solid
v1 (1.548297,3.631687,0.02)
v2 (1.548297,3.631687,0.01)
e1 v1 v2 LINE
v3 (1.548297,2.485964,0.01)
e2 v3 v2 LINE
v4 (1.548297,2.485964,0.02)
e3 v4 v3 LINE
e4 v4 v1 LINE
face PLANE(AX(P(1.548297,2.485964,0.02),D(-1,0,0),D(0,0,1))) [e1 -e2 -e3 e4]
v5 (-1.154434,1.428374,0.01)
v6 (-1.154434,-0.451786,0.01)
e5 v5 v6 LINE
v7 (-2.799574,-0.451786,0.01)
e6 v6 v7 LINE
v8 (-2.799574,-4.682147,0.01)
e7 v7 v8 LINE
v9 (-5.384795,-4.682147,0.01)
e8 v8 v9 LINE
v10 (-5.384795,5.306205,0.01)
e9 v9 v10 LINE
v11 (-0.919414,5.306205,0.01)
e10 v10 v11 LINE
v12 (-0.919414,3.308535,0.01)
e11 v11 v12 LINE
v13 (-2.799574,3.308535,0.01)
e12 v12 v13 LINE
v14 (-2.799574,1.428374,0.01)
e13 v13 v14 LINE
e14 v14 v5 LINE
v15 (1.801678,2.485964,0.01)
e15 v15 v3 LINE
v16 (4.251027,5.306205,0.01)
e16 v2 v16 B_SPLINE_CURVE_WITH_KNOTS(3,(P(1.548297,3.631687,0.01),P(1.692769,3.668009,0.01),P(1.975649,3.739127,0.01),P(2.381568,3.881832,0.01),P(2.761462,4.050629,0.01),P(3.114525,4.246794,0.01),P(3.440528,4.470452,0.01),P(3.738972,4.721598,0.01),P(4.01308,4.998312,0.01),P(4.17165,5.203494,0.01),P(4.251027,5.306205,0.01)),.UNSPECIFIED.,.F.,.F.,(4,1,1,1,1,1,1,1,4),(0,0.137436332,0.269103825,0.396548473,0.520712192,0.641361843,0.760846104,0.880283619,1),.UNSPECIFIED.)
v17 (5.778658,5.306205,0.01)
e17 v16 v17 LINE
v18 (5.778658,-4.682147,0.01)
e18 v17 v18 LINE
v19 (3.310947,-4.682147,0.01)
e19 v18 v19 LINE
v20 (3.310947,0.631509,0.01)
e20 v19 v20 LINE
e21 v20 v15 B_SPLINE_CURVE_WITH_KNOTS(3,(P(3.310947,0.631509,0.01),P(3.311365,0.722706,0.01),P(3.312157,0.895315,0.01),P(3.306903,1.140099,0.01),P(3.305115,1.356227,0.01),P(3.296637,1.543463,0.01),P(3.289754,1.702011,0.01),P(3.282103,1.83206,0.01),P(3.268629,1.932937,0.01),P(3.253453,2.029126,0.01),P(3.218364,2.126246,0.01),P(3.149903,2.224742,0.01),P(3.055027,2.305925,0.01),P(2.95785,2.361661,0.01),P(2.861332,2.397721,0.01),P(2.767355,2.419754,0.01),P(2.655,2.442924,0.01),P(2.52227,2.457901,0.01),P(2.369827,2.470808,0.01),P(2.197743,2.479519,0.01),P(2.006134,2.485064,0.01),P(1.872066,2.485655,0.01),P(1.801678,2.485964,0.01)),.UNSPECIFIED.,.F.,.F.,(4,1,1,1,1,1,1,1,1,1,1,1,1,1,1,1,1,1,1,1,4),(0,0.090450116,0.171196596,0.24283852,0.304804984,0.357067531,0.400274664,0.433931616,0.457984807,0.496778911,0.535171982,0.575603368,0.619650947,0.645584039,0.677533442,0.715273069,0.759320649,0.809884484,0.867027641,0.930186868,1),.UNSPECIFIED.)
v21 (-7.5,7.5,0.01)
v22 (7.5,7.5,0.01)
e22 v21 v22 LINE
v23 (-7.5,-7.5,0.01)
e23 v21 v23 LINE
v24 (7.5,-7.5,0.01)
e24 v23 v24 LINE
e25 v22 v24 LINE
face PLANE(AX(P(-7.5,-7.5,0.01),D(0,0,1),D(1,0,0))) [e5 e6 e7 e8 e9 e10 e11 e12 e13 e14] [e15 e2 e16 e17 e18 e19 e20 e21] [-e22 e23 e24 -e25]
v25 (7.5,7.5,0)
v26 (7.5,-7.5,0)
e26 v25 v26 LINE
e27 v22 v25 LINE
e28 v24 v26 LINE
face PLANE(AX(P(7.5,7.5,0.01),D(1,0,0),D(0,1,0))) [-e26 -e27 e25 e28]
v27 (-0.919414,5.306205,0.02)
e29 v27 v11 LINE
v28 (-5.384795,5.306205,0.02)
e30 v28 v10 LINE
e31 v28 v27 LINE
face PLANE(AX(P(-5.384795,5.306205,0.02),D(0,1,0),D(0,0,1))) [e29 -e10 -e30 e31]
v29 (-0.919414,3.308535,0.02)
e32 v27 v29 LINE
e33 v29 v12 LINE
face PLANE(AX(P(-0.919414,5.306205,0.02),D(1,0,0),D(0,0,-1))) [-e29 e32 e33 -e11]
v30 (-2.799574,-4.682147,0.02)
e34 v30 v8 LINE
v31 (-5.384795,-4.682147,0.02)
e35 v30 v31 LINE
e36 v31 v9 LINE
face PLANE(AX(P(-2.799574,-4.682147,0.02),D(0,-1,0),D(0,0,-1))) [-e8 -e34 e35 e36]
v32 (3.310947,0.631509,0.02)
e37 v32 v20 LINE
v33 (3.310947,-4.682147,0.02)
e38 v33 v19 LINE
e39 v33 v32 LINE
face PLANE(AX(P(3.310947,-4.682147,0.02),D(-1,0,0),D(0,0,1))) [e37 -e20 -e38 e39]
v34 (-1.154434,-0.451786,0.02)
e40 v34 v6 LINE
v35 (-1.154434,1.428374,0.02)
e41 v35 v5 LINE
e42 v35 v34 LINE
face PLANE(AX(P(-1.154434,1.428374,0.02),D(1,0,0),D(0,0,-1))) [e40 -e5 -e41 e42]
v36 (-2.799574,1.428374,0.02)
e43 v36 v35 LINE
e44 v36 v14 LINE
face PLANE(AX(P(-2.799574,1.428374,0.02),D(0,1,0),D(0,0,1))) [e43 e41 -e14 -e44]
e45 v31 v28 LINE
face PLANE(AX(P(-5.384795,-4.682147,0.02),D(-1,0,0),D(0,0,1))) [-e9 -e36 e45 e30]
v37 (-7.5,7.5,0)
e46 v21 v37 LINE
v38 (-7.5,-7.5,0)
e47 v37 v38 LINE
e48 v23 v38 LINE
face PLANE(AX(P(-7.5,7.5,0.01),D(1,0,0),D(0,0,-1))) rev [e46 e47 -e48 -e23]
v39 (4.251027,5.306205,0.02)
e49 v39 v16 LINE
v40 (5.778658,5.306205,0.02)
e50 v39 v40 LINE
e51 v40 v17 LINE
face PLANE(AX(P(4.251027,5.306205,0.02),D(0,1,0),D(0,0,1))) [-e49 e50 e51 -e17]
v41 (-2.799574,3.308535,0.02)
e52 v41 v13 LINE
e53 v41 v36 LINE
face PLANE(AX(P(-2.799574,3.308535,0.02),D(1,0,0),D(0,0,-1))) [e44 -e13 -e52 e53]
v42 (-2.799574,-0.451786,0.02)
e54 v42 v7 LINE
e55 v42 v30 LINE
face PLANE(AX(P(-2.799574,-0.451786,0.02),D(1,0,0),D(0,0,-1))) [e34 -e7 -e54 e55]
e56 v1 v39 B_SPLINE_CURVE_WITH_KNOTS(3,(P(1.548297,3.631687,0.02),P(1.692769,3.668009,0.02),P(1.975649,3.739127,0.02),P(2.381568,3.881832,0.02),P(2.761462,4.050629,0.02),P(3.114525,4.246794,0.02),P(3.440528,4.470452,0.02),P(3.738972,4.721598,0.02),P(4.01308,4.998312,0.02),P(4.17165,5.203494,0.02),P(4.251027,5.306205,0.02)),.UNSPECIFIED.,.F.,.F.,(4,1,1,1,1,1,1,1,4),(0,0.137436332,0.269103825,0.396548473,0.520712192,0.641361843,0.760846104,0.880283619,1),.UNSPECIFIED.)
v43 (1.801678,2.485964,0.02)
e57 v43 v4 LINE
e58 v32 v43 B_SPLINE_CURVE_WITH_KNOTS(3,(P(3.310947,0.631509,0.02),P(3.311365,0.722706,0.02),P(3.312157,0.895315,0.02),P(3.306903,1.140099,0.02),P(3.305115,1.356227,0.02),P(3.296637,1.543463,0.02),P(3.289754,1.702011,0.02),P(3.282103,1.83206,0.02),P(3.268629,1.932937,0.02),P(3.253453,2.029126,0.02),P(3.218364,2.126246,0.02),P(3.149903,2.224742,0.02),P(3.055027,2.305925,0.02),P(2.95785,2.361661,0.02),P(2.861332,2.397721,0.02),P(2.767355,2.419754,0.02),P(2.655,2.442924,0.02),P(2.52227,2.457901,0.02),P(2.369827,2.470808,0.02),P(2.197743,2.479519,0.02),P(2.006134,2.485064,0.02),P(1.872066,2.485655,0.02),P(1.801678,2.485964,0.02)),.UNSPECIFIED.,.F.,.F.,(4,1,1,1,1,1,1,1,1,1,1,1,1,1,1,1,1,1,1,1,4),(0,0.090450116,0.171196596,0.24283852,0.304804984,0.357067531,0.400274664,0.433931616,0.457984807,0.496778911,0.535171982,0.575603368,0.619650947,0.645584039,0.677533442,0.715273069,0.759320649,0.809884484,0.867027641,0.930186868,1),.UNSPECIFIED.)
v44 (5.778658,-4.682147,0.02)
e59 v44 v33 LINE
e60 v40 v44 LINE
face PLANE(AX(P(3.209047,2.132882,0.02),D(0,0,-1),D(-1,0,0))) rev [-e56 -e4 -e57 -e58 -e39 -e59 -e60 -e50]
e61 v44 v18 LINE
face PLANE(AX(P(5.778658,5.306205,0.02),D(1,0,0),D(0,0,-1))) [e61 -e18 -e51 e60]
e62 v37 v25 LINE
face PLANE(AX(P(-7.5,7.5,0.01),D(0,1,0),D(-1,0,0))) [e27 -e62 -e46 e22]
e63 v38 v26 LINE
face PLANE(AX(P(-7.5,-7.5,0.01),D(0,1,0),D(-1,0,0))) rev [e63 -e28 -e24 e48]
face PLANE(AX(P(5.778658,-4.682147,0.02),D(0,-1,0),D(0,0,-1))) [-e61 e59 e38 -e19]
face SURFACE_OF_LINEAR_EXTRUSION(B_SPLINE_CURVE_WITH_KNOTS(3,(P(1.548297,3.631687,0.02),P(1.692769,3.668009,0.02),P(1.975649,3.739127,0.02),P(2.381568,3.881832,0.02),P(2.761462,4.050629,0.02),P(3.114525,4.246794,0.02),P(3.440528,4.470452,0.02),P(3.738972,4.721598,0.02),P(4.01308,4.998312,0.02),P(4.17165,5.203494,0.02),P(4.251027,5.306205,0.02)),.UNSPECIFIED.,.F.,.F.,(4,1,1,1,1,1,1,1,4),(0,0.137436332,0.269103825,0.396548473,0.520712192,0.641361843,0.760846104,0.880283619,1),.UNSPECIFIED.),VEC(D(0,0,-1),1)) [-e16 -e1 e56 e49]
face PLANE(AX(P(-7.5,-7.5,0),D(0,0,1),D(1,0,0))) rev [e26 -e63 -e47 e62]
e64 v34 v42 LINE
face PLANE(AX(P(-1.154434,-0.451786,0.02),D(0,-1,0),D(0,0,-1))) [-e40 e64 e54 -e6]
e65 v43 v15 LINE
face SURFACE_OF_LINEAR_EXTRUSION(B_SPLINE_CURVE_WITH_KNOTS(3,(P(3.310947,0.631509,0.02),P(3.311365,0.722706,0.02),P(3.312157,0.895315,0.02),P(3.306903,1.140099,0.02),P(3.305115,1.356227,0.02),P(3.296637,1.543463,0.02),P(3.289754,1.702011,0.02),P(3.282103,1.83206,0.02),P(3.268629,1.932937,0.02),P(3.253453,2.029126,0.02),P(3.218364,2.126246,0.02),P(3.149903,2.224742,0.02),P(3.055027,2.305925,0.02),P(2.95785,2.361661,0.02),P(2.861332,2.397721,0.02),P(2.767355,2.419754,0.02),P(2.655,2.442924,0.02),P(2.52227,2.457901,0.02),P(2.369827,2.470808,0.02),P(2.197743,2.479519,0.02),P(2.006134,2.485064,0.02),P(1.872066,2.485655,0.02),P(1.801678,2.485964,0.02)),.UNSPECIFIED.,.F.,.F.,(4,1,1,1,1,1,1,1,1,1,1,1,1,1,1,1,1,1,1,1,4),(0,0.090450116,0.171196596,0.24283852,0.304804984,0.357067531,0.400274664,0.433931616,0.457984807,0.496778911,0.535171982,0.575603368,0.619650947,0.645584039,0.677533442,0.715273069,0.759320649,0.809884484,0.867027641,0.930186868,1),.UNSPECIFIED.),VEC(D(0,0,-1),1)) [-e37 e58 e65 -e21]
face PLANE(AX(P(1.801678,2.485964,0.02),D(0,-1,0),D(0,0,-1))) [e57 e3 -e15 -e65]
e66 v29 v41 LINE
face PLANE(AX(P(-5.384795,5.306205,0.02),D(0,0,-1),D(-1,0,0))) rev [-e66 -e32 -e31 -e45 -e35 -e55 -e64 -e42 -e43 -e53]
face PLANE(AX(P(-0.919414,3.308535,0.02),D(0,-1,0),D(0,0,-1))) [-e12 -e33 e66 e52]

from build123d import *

# Parameters (mm, degrees)
SKETCH1_W           = 15
SKETCH1_H           = 15
BASE_EXTRUDE_DEPTH  = 0.01
BOSS_EXTRUDE1_DEPTH = 0.01


with BuildPart() as part:
    # Sketch1 → Base-Extrude (new body)
    with BuildSketch(Plane.XY):
        Rectangle(SKETCH1_W, SKETCH1_H)
    extrude(amount=BASE_EXTRUDE_DEPTH)

    # Sketch3 → Boss-Extrude1 (add)
    with BuildSketch(Plane.XY.offset(0.01)):
        Polygon((-5.384794802, 5.306205085), (-0.919413872, 5.306205085), (-0.919413872, 3.308534669), (-2.799574264, 3.308534669), (-2.799574264, 1.428374278), (-1.154433921, 1.428374278), (-1.154433921, -0.451786113), (-2.799574264, -0.451786113), (-2.799574264, -4.682146994), (-5.384794802, -4.682146994), align=None)
        with BuildLine():
            Line((5.778657522, 5.306205085), (5.778657522, -4.682146994))
            Line((5.778657522, -4.682146994), (3.310947008, -4.682146994))
            Line((3.310947008, -4.682146994), (3.310947008, 0.631509425))
            add(Edge.make_bspline(
                [(3.310947008, 0.631509425), (3.311365342, 0.722705919), (3.312157129, 0.895315198), (3.306902941, 1.140099359), (3.305115083, 1.356227307), (3.29663727, 1.543462875), (3.289754242, 1.702011057), (3.28210286, 1.832060335), (3.268629119, 1.932937084), (3.253452809, 2.029125513), (3.218364299, 2.126245543), (3.149902887, 2.224742427), (3.055027036, 2.30592508), (2.957850387, 2.361661392), (2.86133248, 2.397721466), (2.767354753, 2.419754241), (2.654999623, 2.442924218), (2.522270481, 2.457900628), (2.369827486, 2.470808129), (2.197743036, 2.479518793), (2.006133688, 2.485064416), (1.87206589, 2.485654626), (1.801677632, 2.485964498)],
                knots=[0, 0, 0, 0, 0.000273578, 0.000517806, 0.000734496, 0.000921922, 0.001079997, 0.001210682, 0.001312482, 0.001385234, 0.001502572, 0.001618697, 0.001740987, 0.001874214, 0.001952652, 0.002049287, 0.002163436, 0.002296663, 0.0024496, 0.002622437, 0.00281347, 0.003024629, 0.003024629, 0.003024629, 0.003024629], degree=3))
            Line((1.801677632, 2.485964498), (1.548296642, 2.485964498))
            Line((1.548296642, 2.485964498), (1.548296642, 3.631687237))
            add(Edge.make_bspline(
                [(1.548296642, 3.631687237), (1.692768945, 3.668008672), (1.97564938, 3.739126964), (2.381568254, 3.881832395), (2.761461914, 4.050628674), (3.11452453, 4.24679379), (3.440527614, 4.470451829), (3.738971557, 4.721598196), (4.0130797, 4.998312096), (4.171649736, 5.203494338), (4.251027204, 5.306205085)],
                knots=[0, 0, 0, 0, 0.000446718, 0.000874686, 0.001288928, 0.001692505, 0.002084661, 0.002473028, 0.002861244, 0.003250366, 0.003250366, 0.003250366, 0.003250366], degree=3))
            Line((4.251027204, 5.306205085), (5.778657522, 5.306205085))
        make_face()
    extrude(amount=BOSS_EXTRUDE1_DEPTH)


solid = part.part
